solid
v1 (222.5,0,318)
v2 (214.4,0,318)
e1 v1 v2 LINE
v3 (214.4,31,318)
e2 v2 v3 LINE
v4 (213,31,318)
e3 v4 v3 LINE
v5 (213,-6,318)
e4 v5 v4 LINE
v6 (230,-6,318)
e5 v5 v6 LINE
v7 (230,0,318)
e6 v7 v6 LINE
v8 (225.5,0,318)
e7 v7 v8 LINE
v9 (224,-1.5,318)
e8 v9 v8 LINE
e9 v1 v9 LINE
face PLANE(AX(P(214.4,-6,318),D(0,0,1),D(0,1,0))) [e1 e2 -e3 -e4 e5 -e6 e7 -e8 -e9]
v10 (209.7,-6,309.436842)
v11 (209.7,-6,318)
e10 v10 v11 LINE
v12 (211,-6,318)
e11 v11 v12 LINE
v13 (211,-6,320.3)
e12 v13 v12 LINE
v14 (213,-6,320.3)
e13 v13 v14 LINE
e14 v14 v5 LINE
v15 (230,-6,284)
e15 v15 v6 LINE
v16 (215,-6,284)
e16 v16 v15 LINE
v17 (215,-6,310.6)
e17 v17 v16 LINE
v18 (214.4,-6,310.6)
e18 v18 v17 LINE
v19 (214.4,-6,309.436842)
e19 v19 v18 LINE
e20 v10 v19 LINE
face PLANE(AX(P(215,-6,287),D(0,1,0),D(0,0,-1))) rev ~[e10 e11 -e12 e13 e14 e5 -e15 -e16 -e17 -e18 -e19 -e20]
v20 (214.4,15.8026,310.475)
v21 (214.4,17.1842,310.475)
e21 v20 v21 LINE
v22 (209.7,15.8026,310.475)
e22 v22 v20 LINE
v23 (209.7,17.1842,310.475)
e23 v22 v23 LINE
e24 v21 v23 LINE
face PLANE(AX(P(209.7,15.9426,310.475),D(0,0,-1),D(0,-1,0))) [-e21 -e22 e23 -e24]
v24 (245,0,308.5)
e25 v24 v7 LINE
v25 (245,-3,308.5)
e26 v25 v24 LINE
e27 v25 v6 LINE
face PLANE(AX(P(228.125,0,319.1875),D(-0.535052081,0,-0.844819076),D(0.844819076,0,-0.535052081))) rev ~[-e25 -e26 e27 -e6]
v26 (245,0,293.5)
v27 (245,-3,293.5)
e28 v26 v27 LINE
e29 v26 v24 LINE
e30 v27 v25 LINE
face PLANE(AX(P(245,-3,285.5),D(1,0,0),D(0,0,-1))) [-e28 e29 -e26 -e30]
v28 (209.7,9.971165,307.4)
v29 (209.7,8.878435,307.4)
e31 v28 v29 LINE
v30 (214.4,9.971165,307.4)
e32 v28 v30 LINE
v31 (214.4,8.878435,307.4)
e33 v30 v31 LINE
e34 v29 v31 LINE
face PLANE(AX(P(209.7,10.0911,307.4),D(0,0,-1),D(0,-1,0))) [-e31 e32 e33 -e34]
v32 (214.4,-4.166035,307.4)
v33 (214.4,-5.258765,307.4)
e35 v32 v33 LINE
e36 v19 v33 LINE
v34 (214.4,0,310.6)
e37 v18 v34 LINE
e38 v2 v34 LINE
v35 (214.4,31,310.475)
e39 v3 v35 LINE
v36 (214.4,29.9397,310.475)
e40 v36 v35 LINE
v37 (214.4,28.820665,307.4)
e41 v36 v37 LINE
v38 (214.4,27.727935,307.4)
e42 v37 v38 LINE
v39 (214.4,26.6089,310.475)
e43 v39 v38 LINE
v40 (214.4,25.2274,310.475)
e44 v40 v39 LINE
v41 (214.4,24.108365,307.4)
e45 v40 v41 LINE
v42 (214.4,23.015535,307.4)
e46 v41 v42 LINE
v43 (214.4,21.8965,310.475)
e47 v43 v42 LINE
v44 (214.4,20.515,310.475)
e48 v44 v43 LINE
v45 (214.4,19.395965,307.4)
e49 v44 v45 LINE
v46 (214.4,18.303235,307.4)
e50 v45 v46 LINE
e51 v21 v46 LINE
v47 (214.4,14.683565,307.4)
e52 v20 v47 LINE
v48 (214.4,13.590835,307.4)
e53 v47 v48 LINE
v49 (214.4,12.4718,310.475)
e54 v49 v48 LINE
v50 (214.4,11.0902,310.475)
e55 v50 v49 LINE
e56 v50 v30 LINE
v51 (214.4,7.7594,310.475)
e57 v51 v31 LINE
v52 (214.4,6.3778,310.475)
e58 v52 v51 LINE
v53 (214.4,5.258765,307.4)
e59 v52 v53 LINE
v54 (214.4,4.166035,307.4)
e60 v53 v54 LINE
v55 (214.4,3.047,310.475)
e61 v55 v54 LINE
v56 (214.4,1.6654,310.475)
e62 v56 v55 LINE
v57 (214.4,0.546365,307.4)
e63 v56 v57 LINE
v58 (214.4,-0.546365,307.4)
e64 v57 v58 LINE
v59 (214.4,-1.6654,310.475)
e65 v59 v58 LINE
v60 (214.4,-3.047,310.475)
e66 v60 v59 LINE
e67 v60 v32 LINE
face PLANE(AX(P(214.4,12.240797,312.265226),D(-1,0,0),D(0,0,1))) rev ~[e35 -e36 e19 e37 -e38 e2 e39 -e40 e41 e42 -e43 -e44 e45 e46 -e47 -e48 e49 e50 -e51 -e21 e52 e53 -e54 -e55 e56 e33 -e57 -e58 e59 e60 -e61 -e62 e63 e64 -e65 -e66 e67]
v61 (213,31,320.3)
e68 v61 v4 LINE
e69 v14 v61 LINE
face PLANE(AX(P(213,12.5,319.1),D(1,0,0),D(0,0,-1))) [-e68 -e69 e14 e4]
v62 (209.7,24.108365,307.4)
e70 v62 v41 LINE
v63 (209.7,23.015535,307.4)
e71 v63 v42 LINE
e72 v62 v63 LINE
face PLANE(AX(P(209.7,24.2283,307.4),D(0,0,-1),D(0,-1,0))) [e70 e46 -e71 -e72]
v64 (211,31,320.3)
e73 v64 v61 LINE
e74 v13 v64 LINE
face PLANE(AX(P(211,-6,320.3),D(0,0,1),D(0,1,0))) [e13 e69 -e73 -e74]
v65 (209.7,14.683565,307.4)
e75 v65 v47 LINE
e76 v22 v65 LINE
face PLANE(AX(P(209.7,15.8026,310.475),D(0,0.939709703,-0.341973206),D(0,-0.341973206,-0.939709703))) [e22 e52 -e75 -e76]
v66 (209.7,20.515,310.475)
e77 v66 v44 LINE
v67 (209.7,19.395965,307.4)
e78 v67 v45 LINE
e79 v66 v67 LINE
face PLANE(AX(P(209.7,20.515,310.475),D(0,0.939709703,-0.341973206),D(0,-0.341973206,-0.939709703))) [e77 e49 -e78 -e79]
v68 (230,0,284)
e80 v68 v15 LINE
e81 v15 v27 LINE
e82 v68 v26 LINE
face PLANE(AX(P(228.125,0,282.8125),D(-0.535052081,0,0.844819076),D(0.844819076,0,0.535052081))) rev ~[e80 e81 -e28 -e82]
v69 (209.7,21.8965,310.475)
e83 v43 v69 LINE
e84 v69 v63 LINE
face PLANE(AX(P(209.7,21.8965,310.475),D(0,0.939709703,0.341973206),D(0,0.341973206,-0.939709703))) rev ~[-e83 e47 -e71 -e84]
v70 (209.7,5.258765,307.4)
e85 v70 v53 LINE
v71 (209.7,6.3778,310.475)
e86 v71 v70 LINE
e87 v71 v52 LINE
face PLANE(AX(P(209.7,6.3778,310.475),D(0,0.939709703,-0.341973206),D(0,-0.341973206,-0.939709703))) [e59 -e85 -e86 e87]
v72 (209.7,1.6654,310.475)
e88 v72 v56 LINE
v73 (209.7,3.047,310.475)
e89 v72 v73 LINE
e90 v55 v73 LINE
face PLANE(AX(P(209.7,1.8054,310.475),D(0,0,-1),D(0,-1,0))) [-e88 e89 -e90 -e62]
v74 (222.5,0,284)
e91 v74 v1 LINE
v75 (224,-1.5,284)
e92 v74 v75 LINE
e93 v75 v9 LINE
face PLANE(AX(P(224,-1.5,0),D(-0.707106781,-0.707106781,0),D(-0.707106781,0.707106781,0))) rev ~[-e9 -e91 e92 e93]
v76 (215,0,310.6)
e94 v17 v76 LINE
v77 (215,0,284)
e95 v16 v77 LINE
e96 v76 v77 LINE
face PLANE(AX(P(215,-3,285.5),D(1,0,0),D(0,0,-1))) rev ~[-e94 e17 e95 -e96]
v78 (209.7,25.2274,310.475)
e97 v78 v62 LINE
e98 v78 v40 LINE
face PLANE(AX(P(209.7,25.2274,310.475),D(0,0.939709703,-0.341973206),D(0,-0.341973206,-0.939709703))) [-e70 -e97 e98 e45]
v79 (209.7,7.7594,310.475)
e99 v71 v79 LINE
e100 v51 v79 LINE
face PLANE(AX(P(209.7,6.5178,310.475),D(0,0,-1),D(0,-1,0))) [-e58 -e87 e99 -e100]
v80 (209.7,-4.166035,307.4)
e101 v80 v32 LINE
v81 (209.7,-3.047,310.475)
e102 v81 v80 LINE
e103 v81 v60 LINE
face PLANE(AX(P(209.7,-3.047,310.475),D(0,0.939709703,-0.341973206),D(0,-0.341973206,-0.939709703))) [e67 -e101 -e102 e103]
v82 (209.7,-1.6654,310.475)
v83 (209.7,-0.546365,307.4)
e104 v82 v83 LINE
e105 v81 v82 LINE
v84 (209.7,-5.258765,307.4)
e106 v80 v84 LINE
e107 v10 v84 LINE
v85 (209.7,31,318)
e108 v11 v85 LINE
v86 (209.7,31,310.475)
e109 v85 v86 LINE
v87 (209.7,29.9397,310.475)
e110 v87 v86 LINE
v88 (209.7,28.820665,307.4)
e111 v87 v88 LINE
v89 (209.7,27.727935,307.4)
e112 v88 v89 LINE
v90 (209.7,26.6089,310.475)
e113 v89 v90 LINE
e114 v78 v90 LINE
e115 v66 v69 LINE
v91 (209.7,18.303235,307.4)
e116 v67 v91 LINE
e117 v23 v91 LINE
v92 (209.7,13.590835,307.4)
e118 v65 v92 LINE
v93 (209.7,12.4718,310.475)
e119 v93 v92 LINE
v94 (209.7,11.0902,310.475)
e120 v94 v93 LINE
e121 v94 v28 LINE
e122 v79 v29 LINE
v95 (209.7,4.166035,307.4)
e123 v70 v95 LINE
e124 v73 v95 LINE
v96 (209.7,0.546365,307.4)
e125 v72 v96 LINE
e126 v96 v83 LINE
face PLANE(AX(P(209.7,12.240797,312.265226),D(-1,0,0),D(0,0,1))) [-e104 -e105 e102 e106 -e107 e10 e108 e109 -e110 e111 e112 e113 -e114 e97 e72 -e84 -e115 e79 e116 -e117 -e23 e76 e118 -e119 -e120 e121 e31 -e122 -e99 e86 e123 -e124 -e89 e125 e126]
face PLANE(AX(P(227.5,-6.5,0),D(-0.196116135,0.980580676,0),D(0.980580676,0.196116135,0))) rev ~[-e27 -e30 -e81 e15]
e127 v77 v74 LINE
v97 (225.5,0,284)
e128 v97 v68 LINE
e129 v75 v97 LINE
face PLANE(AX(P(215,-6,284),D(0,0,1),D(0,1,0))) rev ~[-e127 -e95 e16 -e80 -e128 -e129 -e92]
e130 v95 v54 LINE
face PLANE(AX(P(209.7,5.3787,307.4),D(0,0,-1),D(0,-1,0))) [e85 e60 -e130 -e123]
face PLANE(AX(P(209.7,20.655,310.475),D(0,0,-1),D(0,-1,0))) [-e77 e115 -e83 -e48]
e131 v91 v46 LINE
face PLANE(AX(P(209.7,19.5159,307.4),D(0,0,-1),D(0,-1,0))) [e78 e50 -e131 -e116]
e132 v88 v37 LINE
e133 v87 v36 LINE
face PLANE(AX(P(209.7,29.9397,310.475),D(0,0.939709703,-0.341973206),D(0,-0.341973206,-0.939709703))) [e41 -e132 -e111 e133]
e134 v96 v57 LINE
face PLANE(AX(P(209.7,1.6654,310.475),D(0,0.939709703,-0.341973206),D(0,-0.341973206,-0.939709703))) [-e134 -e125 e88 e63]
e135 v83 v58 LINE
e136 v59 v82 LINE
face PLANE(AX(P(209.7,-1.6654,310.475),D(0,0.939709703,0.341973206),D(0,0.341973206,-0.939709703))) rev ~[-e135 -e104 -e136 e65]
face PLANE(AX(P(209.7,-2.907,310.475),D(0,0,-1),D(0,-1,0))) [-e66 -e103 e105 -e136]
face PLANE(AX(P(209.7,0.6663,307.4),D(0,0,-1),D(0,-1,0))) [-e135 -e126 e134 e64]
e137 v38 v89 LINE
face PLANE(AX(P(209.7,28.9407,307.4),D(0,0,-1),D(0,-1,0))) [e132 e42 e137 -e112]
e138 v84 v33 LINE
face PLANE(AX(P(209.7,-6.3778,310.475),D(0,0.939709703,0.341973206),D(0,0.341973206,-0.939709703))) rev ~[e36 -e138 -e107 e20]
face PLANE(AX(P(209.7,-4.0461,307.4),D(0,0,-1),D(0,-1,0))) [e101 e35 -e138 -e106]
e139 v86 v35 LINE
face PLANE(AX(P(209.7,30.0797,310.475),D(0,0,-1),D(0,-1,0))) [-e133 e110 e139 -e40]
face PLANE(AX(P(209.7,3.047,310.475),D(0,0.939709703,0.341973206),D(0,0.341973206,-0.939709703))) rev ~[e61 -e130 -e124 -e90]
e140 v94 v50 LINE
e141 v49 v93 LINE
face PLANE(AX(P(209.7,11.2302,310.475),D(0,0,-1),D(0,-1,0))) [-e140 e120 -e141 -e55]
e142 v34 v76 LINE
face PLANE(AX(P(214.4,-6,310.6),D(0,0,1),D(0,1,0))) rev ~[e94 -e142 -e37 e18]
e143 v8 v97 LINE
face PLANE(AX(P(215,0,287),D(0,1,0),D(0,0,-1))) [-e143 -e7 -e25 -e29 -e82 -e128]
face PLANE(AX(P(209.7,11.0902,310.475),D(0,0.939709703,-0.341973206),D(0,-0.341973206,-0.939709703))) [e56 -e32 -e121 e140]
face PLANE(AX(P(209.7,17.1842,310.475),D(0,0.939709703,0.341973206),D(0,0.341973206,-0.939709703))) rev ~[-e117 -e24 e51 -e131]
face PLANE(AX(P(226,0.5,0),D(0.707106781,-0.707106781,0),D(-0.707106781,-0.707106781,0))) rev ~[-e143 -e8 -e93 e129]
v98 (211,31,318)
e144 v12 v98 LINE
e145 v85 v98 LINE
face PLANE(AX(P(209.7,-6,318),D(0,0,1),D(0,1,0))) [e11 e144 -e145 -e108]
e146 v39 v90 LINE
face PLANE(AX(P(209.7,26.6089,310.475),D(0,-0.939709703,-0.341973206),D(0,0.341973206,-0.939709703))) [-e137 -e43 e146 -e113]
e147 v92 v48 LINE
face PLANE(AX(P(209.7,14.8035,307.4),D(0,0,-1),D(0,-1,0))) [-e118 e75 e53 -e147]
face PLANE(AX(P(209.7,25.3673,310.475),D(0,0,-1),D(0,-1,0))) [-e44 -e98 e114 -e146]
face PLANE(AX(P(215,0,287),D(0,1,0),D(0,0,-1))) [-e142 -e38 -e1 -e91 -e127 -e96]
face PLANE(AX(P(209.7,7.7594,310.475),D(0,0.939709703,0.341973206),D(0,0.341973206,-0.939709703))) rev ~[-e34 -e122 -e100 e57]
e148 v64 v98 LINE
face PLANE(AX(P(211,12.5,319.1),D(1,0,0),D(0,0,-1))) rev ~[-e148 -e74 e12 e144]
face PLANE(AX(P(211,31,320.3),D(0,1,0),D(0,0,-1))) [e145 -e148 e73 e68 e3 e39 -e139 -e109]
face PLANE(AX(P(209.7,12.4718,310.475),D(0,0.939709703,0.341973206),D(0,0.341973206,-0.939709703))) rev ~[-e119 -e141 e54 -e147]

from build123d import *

# Parameters (mm, degrees)
BOSS_EXTRUDE1_DEPTH = 4.7
SKETCH2_W           = 2.4
SKETCH2_H           = 37
BOSS_EXTRUDE2_DEPTH = 2
SKETCH3_W           = 7.4
SKETCH3_H           = 6
BOSS_EXTRUDE3_DEPTH = 0.8
SKETCH4_W           = 31
SKETCH4_H           = 6
BOSS_EXTRUDE4_DEPTH = 30
CUT_EXTRUDE4_DEPTH  = 4.7
SKETCH9_W           = 3
SKETCH9_H           = 6
BOSS_EXTRUDE6_DEPTH = 30
CUT_EXTRUDE5_DEPTH  = 405.447882922
CUT_EXTRUDE6_DEPTH  = 405.447882922
CUT_EXTRUDE7_DEPTH  = 6.5


with BuildPart() as part:
    # Sketch1 → Boss-Extrude1 (new body)
    with BuildSketch(Plane(origin=(209.7, 0, 0), x_dir=(0, 0, -1), z_dir=(1, 0, 0))):
        Polygon((-318, -6), (-318, 31), (-310.475, 31), (-310.475, 30.0599), (-307.4, 28.9407), (-307.4, 27.608), (-310.475, 26.4888), (-310.475, 25.3475), (-307.4, 24.2283), (-307.4, 22.8956), (-310.475, 21.7764), (-310.475, 20.6351), (-307.4, 19.5159), (-307.4, 18.1832), (-310.475, 17.064), (-310.475, 15.9227), (-307.4, 14.8035), (-307.4, 13.4708), (-310.475, 12.3516), (-310.475, 11.2103), (-307.4, 10.0911), (-307.4, 8.7584), (-310.475, 7.6392), (-310.475, 6.4979), (-307.4, 5.3787), (-307.4, 4.0461), (-310.475, 2.9268), (-310.475, 1.7855), (-307.4, 0.6663), (-307.4, -0.6663), (-310.475, -1.7855), (-310.475, -2.9268), (-307.4, -4.0461), (-307.4, -5.3787), (-309.1069, -6), align=None)
    extrude(amount=BOSS_EXTRUDE1_DEPTH)

    # Sketch2 → Boss-Extrude2 (add)
    with BuildSketch(Plane(origin=(211, 0, 0), x_dir=(0, 0, -1), z_dir=(1, 0, 0))):
        with Locations((-319.1, 12.5)):
            Rectangle(SKETCH2_W, SKETCH2_H)
    extrude(amount=BOSS_EXTRUDE2_DEPTH)

    # Sketch3 → Boss-Extrude3 (add)
    with BuildSketch(Plane(origin=(214.4, 0, 0), x_dir=(0, 0, -1), z_dir=(1, 0, 0))):
        with Locations((-314.3, -3)):
            Rectangle(SKETCH3_W, SKETCH3_H)
    extrude(amount=BOSS_EXTRUDE3_DEPTH)

    # Sketch4 → Boss-Extrude4 (add)
    with BuildSketch(Plane(origin=(215, 0, 0), x_dir=(0, 0, -1), z_dir=(1, 0, 0))):
        with Locations((-302.5, -3)):
            Rectangle(SKETCH4_W, SKETCH4_H)
    extrude(amount=BOSS_EXTRUDE4_DEPTH)

    # Sketch8 → Cut-Extrude4 (cut, symmetric)
    with BuildSketch(Plane(origin=(209.7, 0, 0), x_dir=(0, 0, -1), z_dir=(1, 0, 0))):
        Polygon((-307, -4.1716), (-310.475, -2.907), (-310.475, -3.047), (-307, -4.3116), align=None)
        Polygon((-307, -5.2532), (-310.475, -6.5178), (-310.475, -6.3778), (-307, -5.1132), align=None)
        Polygon((-307, 0.5408), (-310.475, 1.8054), (-310.475, 1.6654), (-307, 0.4008), align=None)
        Polygon((-307, -0.5408), (-310.475, -1.8054), (-310.475, -1.6654), (-307, -0.4008), align=None)
        Polygon((-307, 5.2532), (-310.475, 6.5178), (-310.475, 6.3778), (-307, 5.1132), align=None)
        Polygon((-307, 4.1716), (-310.475, 2.907), (-310.475, 3.047), (-307, 4.3116), align=None)
        Polygon((-307, 9.9656), (-310.475, 11.2302), (-310.475, 11.0902), (-307, 9.8256), align=None)
        Polygon((-307, 8.884), (-310.475, 7.6194), (-310.475, 7.7594), (-307, 9.024), align=None)
        Polygon((-307, 14.678), (-310.475, 15.9426), (-310.475, 15.8026), (-307, 14.538), align=None)
        Polygon((-307, 13.5964), (-310.475, 12.3318), (-310.475, 12.4718), (-307, 13.7364), align=None)
        Polygon((-307, 19.3904), (-310.475, 20.655), (-310.475, 20.515), (-307, 19.2504), align=None)
        Polygon((-307, 18.3088), (-310.475, 17.0442), (-310.475, 17.1842), (-307, 18.4488), align=None)
        Polygon((-307, 24.1027), (-310.475, 25.3673), (-310.475, 25.2274), (-307, 23.9628), align=None)
        Polygon((-307, 23.0211), (-310.475, 21.7565), (-310.475, 21.8965), (-307, 23.1611), align=None)
        Polygon((-307, 28.8151), (-310.475, 30.0797), (-310.475, 29.9397), (-307, 28.6751), align=None)
        Polygon((-307, 27.7335), (-310.475, 26.4689), (-310.475, 26.6089), (-307, 27.8735), align=None)
    extrude(amount=CUT_EXTRUDE4_DEPTH, both=True, mode=Mode.SUBTRACT)

    # Sketch9 → Boss-Extrude6 (add)
    with BuildSketch(Plane(origin=(215, 0, 0), x_dir=(0, 0, -1), z_dir=(1, 0, 0))):
        with Locations((-285.5, -3)):
            Rectangle(SKETCH9_W, SKETCH9_H)
    extrude(amount=BOSS_EXTRUDE6_DEPTH)

    # Sketch10 → Cut-Extrude5 (cut, through all)
    with BuildSketch(Plane.XY):
        Polygon((227.5, -6.5), (246.5, -2.7), (246.5, -6.5), align=None)
    extrude(amount=CUT_EXTRUDE5_DEPTH, mode=Mode.SUBTRACT)

    # Sketch11 → Cut-Extrude6 (cut, through all)
    with BuildSketch(Plane.XY):
        Polygon((222, 0.5), (226, 0.5), (224, -1.5), align=None)
    extrude(amount=CUT_EXTRUDE6_DEPTH, mode=Mode.SUBTRACT)

    # Sketch12 → Cut-Extrude7 (cut, symmetric)
    with BuildSketch(Plane(origin=(0, 0, 0), x_dir=(1, 0, 0), z_dir=(0, 1, 0))):
        Polygon((228.125, -319.1875), (246.5, -307.55), (246.5, -319.1875), align=None)
        Polygon((228.125, -282.8125), (246.5, -294.45), (246.5, -282.8125), align=None)
    extrude(amount=CUT_EXTRUDE7_DEPTH, both=True, mode=Mode.SUBTRACT)


solid = part.part
